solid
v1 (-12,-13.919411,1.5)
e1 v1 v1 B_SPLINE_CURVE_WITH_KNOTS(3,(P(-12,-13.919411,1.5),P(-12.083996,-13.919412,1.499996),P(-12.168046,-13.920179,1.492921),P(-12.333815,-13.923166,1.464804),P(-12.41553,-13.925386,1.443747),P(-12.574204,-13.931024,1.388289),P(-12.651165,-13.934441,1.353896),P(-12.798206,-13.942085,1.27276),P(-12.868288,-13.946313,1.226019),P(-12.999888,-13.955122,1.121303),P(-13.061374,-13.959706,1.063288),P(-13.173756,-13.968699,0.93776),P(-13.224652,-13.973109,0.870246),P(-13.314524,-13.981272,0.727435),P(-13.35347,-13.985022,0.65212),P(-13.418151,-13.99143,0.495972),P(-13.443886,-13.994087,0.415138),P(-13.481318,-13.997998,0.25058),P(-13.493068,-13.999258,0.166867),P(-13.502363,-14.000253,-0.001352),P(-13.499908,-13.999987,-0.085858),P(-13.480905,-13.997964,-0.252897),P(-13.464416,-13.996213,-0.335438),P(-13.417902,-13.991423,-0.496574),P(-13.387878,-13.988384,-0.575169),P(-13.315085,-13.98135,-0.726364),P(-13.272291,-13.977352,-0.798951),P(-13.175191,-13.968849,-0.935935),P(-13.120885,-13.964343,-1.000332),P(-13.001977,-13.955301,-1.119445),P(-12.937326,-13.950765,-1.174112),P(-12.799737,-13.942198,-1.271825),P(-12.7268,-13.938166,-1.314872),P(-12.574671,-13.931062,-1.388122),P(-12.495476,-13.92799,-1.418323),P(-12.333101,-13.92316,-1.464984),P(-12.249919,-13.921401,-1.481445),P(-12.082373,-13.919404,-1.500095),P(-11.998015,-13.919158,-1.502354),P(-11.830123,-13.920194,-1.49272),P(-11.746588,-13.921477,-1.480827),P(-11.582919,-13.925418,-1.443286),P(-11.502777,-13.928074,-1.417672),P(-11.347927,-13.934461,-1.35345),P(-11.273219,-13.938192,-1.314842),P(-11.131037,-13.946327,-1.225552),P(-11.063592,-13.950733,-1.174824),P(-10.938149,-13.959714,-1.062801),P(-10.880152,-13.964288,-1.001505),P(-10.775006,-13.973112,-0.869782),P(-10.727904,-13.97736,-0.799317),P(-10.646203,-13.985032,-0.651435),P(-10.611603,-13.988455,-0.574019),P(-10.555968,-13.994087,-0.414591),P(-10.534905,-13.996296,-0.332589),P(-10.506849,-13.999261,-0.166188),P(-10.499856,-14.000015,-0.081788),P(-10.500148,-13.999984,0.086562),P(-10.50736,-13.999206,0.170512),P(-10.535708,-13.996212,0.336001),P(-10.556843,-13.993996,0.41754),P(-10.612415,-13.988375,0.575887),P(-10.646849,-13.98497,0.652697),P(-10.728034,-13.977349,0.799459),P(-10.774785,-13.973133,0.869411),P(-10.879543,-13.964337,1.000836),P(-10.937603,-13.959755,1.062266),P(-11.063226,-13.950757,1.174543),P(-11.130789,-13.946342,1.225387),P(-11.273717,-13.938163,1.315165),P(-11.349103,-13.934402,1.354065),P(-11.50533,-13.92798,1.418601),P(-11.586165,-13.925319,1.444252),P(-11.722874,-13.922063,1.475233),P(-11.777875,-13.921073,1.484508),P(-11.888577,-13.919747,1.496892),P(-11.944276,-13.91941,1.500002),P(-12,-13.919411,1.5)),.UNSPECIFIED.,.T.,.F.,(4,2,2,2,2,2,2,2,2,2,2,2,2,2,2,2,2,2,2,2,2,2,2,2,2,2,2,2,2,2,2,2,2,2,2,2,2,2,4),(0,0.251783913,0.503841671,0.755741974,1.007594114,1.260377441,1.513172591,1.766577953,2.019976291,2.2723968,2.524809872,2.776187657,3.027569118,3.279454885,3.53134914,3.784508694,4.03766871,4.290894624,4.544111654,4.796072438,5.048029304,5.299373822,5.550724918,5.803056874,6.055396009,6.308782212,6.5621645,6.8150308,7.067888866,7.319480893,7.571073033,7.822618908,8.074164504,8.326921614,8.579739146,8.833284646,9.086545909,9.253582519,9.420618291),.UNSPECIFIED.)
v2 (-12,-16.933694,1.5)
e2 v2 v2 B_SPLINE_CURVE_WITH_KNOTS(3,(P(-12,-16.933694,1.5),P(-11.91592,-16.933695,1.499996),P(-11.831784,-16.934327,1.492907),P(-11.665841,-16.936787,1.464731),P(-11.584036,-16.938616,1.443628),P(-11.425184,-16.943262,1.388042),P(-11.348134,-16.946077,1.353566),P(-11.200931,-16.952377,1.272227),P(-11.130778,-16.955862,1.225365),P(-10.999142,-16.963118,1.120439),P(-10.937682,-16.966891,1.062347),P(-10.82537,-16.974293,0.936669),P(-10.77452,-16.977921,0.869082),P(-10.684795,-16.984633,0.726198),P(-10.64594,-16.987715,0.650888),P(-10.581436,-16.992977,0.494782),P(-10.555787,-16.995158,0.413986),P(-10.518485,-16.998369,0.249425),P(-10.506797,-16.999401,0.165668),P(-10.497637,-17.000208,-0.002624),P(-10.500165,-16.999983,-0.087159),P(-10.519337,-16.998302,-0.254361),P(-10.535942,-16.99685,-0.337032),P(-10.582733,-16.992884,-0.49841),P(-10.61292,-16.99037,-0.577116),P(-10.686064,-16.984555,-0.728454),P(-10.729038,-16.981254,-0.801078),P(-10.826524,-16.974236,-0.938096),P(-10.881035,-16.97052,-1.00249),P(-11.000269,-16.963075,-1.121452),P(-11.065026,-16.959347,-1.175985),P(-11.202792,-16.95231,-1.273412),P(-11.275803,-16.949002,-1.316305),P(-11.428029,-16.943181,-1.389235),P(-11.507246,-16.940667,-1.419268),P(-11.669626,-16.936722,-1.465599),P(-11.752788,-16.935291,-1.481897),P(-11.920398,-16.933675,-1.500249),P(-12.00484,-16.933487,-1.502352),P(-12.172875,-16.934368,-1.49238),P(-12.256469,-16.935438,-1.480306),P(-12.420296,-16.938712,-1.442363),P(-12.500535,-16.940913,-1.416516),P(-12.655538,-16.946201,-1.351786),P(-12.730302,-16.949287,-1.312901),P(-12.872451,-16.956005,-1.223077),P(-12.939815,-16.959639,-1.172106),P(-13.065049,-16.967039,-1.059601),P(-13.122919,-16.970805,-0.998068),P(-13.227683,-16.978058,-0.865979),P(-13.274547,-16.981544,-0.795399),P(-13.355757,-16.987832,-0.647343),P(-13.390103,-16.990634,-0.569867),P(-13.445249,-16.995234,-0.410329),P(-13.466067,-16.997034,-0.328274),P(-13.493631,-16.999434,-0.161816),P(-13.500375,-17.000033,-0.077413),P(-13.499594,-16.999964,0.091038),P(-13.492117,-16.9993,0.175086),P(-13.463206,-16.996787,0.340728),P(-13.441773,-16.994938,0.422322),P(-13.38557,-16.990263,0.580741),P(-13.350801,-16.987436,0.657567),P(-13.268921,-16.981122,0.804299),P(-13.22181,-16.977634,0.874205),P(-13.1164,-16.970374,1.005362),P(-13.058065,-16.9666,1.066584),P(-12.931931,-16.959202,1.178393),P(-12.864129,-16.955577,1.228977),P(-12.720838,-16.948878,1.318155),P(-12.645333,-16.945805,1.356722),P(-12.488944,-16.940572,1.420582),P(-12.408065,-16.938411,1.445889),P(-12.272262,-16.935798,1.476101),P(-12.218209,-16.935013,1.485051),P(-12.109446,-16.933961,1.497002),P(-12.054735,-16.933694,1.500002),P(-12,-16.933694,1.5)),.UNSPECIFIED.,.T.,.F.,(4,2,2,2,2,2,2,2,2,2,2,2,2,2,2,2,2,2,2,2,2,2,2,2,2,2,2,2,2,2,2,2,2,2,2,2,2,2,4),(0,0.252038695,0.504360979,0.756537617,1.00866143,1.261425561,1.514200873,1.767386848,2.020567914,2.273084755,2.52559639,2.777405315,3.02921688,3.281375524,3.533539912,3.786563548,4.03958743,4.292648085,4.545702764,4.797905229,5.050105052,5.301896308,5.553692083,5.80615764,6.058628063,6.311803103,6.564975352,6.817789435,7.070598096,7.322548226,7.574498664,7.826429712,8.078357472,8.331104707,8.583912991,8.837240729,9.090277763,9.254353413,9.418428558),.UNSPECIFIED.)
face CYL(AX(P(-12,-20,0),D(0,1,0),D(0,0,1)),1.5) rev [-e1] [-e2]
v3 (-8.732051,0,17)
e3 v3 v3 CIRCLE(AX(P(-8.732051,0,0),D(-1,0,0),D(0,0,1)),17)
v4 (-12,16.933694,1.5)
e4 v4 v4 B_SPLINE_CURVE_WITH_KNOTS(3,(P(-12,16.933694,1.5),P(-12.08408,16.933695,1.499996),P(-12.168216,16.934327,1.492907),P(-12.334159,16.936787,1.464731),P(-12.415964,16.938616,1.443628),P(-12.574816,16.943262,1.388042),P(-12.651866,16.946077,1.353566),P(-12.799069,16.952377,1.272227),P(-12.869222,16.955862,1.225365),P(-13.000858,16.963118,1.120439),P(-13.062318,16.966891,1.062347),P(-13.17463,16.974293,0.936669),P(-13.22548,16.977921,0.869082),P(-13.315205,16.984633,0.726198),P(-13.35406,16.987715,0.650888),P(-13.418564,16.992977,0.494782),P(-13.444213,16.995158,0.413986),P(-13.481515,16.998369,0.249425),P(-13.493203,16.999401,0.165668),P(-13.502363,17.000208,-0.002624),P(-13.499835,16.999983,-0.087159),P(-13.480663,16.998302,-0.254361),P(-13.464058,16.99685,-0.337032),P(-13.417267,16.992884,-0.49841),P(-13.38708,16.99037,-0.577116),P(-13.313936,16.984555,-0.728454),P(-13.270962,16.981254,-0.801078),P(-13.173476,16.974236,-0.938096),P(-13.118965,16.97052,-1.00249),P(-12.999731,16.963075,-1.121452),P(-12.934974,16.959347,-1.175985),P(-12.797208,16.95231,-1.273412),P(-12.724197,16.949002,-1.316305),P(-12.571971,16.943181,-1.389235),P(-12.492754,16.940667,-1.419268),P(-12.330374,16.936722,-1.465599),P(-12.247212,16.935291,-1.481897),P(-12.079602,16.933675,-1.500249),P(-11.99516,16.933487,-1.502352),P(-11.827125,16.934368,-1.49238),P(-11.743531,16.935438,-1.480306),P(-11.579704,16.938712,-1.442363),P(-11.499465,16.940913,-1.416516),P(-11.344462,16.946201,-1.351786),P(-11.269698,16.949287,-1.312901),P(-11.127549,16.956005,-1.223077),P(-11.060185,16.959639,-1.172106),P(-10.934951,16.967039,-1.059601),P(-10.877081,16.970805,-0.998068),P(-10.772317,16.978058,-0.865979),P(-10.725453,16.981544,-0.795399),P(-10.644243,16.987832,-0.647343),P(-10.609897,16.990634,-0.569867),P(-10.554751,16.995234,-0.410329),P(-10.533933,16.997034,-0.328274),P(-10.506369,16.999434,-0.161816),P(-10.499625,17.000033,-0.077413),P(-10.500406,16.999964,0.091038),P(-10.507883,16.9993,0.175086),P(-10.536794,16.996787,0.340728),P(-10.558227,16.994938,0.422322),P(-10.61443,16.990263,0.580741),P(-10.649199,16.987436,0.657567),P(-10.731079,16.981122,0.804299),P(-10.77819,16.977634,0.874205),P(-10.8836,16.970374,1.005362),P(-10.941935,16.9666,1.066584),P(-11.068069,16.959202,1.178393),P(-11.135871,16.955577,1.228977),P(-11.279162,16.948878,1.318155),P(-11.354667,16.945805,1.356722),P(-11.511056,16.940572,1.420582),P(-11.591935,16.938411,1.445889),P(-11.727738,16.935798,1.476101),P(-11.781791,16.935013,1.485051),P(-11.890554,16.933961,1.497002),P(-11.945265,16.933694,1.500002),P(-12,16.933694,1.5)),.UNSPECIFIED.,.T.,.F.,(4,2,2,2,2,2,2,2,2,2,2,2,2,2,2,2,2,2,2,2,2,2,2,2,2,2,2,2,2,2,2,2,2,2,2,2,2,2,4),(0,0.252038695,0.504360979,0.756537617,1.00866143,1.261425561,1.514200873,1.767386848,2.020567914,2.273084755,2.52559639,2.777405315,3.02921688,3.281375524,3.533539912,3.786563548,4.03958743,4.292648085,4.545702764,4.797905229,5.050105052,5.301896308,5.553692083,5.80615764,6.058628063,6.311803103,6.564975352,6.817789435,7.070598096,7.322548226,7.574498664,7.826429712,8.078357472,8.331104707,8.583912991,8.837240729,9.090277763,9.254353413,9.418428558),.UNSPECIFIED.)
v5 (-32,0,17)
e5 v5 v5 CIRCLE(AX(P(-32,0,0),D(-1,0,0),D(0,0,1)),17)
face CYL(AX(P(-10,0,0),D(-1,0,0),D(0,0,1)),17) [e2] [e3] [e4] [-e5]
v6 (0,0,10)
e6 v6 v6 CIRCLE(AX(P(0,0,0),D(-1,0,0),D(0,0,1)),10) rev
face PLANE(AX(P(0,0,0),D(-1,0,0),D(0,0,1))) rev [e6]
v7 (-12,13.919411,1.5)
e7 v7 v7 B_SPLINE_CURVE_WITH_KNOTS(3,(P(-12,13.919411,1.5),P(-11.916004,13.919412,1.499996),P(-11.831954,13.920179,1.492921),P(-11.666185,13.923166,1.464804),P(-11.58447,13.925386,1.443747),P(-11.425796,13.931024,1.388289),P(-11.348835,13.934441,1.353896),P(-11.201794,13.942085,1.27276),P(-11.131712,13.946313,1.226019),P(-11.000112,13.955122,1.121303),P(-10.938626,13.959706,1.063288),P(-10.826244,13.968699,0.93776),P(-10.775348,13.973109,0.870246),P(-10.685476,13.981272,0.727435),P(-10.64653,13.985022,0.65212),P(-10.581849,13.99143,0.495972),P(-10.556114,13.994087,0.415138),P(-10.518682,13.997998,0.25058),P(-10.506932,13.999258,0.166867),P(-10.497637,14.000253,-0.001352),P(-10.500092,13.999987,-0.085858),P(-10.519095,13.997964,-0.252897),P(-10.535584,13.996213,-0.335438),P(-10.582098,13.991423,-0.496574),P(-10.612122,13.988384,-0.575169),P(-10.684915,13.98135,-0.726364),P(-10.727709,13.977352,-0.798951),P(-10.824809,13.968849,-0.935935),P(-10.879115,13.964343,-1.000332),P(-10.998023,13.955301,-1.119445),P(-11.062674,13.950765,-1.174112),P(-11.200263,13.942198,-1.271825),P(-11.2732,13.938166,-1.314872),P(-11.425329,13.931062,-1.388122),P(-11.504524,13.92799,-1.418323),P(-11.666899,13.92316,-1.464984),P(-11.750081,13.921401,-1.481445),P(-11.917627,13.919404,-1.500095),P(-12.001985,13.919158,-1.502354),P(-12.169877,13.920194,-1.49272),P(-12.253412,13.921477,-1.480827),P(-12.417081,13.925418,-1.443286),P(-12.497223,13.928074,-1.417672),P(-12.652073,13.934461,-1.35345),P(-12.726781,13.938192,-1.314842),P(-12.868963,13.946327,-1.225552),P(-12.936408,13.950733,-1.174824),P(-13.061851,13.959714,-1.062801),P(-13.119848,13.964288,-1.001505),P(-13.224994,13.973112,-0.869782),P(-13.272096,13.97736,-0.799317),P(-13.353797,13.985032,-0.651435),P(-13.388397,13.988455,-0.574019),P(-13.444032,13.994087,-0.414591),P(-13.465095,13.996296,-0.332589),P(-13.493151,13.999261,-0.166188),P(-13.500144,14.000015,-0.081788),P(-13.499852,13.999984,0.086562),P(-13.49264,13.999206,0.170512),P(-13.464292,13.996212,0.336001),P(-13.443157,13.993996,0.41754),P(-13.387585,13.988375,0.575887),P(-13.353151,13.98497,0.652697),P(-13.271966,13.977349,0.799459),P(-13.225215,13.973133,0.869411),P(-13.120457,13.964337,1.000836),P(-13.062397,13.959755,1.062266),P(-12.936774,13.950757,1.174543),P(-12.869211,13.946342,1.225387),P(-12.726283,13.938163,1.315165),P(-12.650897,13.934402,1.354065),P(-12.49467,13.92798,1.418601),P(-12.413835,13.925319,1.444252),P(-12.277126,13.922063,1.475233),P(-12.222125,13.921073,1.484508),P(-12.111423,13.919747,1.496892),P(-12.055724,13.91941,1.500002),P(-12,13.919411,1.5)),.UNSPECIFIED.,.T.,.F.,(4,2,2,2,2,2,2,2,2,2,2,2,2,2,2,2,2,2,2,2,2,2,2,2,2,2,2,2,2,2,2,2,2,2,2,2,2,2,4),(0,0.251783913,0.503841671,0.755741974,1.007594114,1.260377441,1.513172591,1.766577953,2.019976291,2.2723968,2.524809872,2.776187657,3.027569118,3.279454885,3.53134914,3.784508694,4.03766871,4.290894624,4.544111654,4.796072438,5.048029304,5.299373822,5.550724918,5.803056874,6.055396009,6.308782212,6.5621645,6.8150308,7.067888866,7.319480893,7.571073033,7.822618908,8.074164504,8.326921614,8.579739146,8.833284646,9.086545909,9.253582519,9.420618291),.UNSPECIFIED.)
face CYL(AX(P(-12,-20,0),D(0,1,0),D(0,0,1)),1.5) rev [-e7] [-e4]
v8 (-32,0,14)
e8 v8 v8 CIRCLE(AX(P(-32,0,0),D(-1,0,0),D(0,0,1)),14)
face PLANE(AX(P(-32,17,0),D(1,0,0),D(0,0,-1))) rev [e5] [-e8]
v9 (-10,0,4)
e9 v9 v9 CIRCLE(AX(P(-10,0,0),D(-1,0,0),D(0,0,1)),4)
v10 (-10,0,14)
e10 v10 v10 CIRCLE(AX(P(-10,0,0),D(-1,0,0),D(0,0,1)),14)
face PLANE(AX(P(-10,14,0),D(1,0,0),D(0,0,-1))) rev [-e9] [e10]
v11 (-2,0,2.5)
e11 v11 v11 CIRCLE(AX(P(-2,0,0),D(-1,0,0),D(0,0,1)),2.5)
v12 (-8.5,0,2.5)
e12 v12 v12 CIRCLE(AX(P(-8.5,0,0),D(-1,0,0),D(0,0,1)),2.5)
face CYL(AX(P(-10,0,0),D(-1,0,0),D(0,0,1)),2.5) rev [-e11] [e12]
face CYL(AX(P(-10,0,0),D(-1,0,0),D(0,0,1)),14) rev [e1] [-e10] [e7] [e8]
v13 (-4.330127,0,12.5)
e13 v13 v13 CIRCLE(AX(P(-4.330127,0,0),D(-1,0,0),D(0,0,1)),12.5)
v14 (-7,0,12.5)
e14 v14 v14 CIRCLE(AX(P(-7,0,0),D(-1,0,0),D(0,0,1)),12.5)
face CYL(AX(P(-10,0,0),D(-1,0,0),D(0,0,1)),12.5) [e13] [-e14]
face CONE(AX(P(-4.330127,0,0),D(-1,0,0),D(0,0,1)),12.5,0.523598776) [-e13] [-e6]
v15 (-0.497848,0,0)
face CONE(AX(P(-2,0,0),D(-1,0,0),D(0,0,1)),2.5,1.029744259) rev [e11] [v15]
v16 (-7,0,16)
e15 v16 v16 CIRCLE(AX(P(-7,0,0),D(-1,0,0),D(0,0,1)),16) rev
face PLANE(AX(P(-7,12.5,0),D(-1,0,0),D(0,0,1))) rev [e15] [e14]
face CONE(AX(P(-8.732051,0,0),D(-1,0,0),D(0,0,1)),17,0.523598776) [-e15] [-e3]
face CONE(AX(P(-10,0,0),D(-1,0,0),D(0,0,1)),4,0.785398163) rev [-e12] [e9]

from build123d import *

# Parameters (mm, degrees)
CHAMFER_1_SIZE               = 2.5
CHAMFER_1_SIZE2              = 4.330127019
CHAMFER_2_SIZE               = 1
CHAMFER_2_SIZE2              = 1.732050808
HOLE_WIZARD_M6_1_D           = 5
HOLE_WIZARD_M6_1_DEPTH       = 8
HOLE_WIZARD_M6_1_CSINK_D     = 8
HOLE_WIZARD_M6_1_CSINK_ANGLE = 90
HOLE_WIZARD_M6_1_TIP         = 1.502151548
SKETCH_4_R                   = 1.5
CUT_EXTRUDE_1_DEPTH          = 20


with BuildPart() as part:
    # 草图1 (on Front Plane) → 旋转1 (revolve)
    with BuildSketch(Plane.XY, mode=Mode.PRIVATE) as revolve_1_sk:
        Polygon((0, 0), (0, 12.5), (-7, 12.5), (-7, 17), (-32, 17), (-32, 14), (-10, 14), (-10, 0), align=None)
    revolve(revolve_1_sk.sketch.rotate(Axis((-10, 0, 0), (1, 0, 0)), 90), axis=Axis((-10, 0, 0), (1, 0, 0)))

    # 倒角1
    chamfer_1_edges = [part.edges().sort_by_distance(p)[0] for p in [
        (0, 0, -12.5),
    ]]
    chamfer_1_side = [part.faces().sort_by_distance(p)[0] for p in [
        (0, 0, 0),
    ]]
    chamfer(chamfer_1_edges, length=CHAMFER_1_SIZE, length2=CHAMFER_1_SIZE2, reference=chamfer_1_side[0])

    # 倒角2
    chamfer_2_edges = [part.edges().sort_by_distance(p)[0] for p in [
        (-7, 0, -17),
    ]]
    chamfer_2_side = [part.faces().sort_by_distance(p)[0] for p in [
        (-7, 0, -12.980832611),
    ]]
    chamfer(chamfer_2_edges, length=CHAMFER_2_SIZE, length2=CHAMFER_2_SIZE2, reference=chamfer_2_side[0])

    # M6 螺纹孔1
    with Locations(Plane(origin=(-10, 0, 0), x_dir=(0, 0, -1), z_dir=(-1, 0, 0))):
        with Locations((0, 0)):
            CounterSinkHole(HOLE_WIZARD_M6_1_D / 2, HOLE_WIZARD_M6_1_CSINK_D / 2, depth=HOLE_WIZARD_M6_1_DEPTH, counter_sink_angle=HOLE_WIZARD_M6_1_CSINK_ANGLE)
            with Locations((0, 0, -(HOLE_WIZARD_M6_1_DEPTH + HOLE_WIZARD_M6_1_TIP / 2))):  # 118° drill point
                Cone(0, HOLE_WIZARD_M6_1_D / 2, HOLE_WIZARD_M6_1_TIP, mode=Mode.SUBTRACT)

    # 草图4 → 切除-拉伸1 (cut, symmetric)
    with BuildSketch(Plane(origin=(0, 0, 0), x_dir=(1, 0, 0), z_dir=(0, 1, 0))):
        with Locations(Location((-12, 0, 0), (0, 0, 270))):
            Circle(SKETCH_4_R)
    extrude(amount=CUT_EXTRUDE_1_DEPTH, both=True, mode=Mode.SUBTRACT)


solid = part.part
